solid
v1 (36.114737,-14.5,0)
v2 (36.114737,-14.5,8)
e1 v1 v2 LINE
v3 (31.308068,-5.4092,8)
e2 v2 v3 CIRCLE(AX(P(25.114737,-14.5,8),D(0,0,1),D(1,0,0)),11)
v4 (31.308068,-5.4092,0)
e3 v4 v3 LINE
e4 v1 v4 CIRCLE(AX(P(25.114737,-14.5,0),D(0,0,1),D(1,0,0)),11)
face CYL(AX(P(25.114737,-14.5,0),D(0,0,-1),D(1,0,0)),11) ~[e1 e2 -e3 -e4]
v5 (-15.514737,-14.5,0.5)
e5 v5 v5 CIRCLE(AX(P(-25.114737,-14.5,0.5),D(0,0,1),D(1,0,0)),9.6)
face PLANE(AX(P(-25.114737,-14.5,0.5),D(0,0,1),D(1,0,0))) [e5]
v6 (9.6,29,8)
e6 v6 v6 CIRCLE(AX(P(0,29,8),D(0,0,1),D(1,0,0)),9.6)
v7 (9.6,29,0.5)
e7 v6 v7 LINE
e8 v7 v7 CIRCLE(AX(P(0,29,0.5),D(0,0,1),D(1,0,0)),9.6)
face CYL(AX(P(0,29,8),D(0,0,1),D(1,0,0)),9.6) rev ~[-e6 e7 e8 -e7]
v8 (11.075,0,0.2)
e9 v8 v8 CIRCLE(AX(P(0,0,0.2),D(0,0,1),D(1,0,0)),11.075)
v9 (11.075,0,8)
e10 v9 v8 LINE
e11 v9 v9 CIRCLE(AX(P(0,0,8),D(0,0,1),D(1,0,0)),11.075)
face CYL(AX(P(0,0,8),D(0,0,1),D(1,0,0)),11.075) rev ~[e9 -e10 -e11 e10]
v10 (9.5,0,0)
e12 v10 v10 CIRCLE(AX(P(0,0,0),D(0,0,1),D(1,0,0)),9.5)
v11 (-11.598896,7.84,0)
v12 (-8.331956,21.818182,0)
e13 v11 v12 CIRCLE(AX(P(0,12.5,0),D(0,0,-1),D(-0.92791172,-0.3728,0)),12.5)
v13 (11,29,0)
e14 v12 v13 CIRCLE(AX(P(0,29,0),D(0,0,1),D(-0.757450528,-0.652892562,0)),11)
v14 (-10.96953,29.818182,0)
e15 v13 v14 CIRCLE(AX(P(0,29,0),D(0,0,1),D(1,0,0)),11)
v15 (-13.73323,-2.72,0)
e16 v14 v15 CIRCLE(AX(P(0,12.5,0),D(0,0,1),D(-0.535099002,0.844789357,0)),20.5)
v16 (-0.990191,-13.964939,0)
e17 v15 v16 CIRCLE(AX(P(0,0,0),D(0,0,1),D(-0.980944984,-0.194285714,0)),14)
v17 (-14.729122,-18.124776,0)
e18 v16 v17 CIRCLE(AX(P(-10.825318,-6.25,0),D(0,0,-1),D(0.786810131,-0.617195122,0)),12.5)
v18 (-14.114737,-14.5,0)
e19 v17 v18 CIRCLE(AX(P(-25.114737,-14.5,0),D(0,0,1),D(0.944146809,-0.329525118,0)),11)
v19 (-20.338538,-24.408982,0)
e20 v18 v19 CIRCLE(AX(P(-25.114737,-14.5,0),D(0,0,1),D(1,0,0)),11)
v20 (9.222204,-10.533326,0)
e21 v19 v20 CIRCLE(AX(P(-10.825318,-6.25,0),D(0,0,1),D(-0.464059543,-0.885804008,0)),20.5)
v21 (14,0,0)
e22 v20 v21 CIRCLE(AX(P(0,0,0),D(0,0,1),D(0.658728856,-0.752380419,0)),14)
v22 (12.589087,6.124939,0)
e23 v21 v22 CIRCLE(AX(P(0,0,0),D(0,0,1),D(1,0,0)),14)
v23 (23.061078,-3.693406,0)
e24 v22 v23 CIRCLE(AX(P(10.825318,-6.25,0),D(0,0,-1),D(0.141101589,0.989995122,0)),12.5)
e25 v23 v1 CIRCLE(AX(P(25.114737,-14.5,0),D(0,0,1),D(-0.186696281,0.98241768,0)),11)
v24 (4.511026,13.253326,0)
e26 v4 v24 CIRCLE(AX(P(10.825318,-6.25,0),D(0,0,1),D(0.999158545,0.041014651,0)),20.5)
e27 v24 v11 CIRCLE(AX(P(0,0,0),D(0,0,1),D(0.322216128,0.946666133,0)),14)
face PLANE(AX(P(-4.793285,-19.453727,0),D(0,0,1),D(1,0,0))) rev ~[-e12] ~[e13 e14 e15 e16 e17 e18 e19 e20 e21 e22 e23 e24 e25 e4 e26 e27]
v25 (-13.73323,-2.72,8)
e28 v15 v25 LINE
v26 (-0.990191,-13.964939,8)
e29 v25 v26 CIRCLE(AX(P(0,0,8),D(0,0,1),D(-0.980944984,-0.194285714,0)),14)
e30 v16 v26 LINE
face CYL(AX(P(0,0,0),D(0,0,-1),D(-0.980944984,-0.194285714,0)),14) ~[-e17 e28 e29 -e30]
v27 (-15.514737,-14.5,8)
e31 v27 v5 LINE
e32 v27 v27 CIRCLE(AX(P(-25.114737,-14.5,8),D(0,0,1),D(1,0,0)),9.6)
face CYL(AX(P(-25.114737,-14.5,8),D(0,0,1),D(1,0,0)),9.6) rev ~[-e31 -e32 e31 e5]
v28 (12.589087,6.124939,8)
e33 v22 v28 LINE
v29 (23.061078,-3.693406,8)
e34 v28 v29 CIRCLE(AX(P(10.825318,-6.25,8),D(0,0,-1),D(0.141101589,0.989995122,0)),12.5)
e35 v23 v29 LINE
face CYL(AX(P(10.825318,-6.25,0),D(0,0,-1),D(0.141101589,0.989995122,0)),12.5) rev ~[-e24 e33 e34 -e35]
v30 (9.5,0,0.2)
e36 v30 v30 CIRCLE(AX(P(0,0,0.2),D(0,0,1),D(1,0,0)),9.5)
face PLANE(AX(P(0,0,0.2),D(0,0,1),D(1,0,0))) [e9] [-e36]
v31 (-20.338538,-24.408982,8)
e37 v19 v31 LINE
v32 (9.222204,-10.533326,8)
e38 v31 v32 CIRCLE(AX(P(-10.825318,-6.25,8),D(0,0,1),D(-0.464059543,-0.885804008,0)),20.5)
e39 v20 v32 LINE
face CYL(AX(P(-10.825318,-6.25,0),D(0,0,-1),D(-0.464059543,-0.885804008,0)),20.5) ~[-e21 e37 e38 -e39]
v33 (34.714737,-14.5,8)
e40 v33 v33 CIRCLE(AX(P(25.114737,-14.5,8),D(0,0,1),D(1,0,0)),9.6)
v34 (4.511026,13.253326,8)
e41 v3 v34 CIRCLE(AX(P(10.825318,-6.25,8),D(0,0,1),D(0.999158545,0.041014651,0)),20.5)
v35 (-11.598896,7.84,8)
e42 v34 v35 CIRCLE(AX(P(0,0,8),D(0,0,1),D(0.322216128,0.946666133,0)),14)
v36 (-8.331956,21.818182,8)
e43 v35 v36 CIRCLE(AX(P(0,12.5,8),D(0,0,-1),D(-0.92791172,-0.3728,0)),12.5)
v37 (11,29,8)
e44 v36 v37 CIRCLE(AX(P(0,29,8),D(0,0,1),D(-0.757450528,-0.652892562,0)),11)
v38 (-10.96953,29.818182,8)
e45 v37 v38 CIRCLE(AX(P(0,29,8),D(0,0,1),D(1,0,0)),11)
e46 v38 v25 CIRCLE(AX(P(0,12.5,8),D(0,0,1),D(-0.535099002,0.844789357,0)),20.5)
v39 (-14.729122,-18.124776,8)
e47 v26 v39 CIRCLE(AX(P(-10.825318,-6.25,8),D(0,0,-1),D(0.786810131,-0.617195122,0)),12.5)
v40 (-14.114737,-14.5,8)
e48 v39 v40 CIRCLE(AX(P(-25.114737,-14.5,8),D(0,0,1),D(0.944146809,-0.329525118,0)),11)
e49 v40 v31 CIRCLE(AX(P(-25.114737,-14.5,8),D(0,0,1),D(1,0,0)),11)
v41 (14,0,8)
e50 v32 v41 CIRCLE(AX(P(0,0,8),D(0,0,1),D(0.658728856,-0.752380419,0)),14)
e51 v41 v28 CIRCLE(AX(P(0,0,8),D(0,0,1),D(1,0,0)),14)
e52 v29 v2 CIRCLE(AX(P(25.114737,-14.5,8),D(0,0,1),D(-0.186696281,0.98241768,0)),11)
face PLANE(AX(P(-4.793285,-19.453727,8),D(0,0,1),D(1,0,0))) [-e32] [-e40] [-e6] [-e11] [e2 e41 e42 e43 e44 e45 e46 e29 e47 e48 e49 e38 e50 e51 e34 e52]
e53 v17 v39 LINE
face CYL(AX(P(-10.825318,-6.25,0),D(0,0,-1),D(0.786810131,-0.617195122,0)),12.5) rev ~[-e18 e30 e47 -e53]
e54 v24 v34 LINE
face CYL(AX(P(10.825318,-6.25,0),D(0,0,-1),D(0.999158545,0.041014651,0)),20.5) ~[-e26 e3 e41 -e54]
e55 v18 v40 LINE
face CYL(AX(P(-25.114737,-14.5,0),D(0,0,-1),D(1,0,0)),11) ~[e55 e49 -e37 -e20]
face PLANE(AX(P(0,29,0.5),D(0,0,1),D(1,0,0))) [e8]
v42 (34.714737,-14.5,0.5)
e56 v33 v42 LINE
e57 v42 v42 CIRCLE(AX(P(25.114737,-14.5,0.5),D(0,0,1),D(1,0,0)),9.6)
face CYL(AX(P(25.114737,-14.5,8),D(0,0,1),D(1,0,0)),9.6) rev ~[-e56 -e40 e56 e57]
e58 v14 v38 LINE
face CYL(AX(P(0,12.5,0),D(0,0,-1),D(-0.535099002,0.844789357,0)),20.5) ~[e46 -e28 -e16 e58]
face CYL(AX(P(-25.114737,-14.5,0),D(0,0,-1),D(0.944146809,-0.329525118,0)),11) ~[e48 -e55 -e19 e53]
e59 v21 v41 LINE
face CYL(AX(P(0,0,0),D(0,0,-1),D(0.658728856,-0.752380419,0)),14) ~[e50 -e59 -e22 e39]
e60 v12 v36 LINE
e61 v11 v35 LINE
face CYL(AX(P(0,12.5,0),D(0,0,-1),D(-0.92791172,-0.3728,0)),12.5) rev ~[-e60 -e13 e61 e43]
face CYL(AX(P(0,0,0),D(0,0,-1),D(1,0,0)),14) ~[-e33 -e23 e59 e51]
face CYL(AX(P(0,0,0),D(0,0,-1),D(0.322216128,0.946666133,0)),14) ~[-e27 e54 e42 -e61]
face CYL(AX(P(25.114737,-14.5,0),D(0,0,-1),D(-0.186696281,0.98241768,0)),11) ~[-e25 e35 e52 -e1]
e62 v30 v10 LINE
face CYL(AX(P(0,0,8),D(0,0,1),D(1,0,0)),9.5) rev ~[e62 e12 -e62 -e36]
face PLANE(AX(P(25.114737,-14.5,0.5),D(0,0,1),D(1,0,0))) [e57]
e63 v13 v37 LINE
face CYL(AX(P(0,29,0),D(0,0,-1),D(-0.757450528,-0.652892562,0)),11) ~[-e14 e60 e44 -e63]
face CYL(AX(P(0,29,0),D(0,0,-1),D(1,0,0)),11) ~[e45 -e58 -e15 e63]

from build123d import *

# Parameters (mm, degrees)
F1_DEPTH = 8
F2_R     = 9.6
F3_DEPTH = 7.5
F4_R     = 9.5
F5_DEPTH = 8
F6_R     = 11.075
F7_DEPTH = 7.8


with BuildPart() as f1:
    # F0 (on Top) → F1 (new body)
    with BuildSketch(Plane.XY):
        with BuildLine():
            ThreePointArc((-20.338538175, -24.4089821655), (-2.1146153157, -24.8073076343), (9.2222039848, -10.5333258595))
            ThreePointArc((9.2222039848, -10.5333258595), (4.4593163175, -13.2708137648), (-0.9901909161, -13.9649390242))
            ThreePointArc((-0.9901909161, -13.9649390242), (-7.2029967728, -18.2136446038), (-14.7291218144, -18.1247763029))
            ThreePointArc((-14.7291218144, -18.1247763029), (-16.9084612176, -21.8250967603), (-20.338538175, -24.4089821655))
        make_face()
        with BuildLine():
            ThreePointArc((9.2222039848, -10.5333258595), (12.7497226595, -5.7831282284), (14, 0))
            ThreePointArc((14, 0), (13.6427127767, 3.1426721262), (12.5890874153, 6.1249390242))
            ThreePointArc((12.5890874153, 6.1249390242), (5.35662199, 4.9902566208), (0, 0))
            ThreePointArc((0, 0), (1.64337801, -7.1340990322), (-0.9901909161, -13.9649390242))
            ThreePointArc((-0.9901909161, -13.9649390242), (4.4593163175, -13.2708137648), (9.2222039848, -10.5333258595))
        make_face()
        with BuildLine():
            ThreePointArc((-0.9901909161, -13.9649390242), (1.64337801, -7.1340990322), (0, 0))
            ThreePointArc((0, 0), (-7, 2.1438424114), (-11.5988964992, 7.84))
            ThreePointArc((-11.5988964992, 7.84), (-13.722520008, 2.773525668), (-13.7332297731, -2.72))
            ThreePointArc((-13.7332297731, -2.72), (-9.2632036905, -10.4972880968), (-0.9901909161, -13.9649390242))
        make_face()
        with BuildLine():
            ThreePointArc((-14.1147367097, -14.5), (-34.4297295676, -8.6492814066), (-20.338538175, -24.4089821655))
            ThreePointArc((-20.338538175, -24.4089821655), (-16.9084612176, -21.8250967603), (-14.7291218144, -18.1247763029))
            ThreePointArc((-14.7291218144, -18.1247763029), (-14.2694205814, -16.3382377637), (-14.1147367097, -14.5))
        make_face()
        with BuildLine():
            ThreePointArc((31.3080677234, -5.4091996526), (27.3553188432, -3.7306085732), (23.0610776234, -3.6934055153))
            ThreePointArc((23.0610776234, -3.6934055153), (18.100118044, -22.9732003974), (36.1147367097, -14.5))
            ThreePointArc((36.1147367097, -14.5), (34.8391040709, -9.3583388458), (31.3080677234, -5.4091996526))
        make_face()
        with BuildLine():
            ThreePointArc((4.5110257882, 13.2533258595), (9.2632036905, 10.4972880968), (12.5890874153, 6.1249390242))
            ThreePointArc((12.5890874153, 6.1249390242), (19.3749773088, 2.8688441133), (23.0610776234, -3.6934055153))
            ThreePointArc((23.0610776234, -3.6934055153), (27.3553188432, -3.7306085732), (31.3080677234, -5.4091996526))
            ThreePointArc((31.3080677234, -5.4091996526), (22.5410662686, 10.5723432345), (4.5110257882, 13.2533258595))
        make_face()
        with BuildLine():
            ThreePointArc((0, 0), (5.35662199, 4.9902566208), (12.5890874153, 6.1249390242))
            ThreePointArc((12.5890874153, 6.1249390242), (9.2632036905, 10.4972880968), (4.5110257882, 13.2533258595))
            ThreePointArc((4.5110257882, 13.2533258595), (-4.4593163175, 13.2708137648), (-11.5988964992, 7.84))
            ThreePointArc((-11.5988964992, 7.84), (-7, 2.1438424114), (0, 0))
        make_face()
        with BuildLine():
            ThreePointArc((-13.7332297731, -2.72), (-13.722520008, 2.773525668), (-11.5988964992, 7.84))
            ThreePointArc((-11.5988964992, 7.84), (-12.171980536, 15.3448004906), (-8.331955809, 21.8181818182))
            ThreePointArc((-8.331955809, 21.8181818182), (-10.4468576256, 25.5557053335), (-10.9695295484, 29.8181818182))
            ThreePointArc((-10.9695295484, 29.8181818182), (-20.4264509529, 14.2349643998), (-13.7332297731, -2.72))
        make_face()
        with BuildLine():
            ThreePointArc((-10.9695295484, 29.8181818182), (-10.4468576256, 25.5557053335), (-8.331955809, 21.8181818182))
            ThreePointArc((-8.331955809, 21.8181818182), (3.8306974627, 18.6885618389), (11, 29))
            ThreePointArc((11, 29), (0.4093745034, 39.9923797476), (-10.9695295484, 29.8181818182))
        make_face()
    extrude(amount=F1_DEPTH)

    # F2 (on face) → F3 (cut)
    with BuildSketch(Plane.XY.offset(8)):
        with Locations((0, 29)):
            Circle(F2_R)
        with Locations((-25.1147367097, -14.5)):
            Circle(F2_R)
        with Locations((25.1147367097, -14.5)):
            Circle(F2_R)
    extrude(amount=-F3_DEPTH, mode=Mode.SUBTRACT)

    # F4 (on face) → F5 (cut, through all)
    with BuildSketch(Plane.XY.offset(8)):
        Circle(F4_R)
    extrude(amount=-F5_DEPTH, mode=Mode.SUBTRACT)

    # F6 (on face) → F7 (cut)
    with BuildSketch(Plane.XY.offset(8)):
        Circle(F6_R)
    extrude(amount=-F7_DEPTH, mode=Mode.SUBTRACT)


solid = f1.part
